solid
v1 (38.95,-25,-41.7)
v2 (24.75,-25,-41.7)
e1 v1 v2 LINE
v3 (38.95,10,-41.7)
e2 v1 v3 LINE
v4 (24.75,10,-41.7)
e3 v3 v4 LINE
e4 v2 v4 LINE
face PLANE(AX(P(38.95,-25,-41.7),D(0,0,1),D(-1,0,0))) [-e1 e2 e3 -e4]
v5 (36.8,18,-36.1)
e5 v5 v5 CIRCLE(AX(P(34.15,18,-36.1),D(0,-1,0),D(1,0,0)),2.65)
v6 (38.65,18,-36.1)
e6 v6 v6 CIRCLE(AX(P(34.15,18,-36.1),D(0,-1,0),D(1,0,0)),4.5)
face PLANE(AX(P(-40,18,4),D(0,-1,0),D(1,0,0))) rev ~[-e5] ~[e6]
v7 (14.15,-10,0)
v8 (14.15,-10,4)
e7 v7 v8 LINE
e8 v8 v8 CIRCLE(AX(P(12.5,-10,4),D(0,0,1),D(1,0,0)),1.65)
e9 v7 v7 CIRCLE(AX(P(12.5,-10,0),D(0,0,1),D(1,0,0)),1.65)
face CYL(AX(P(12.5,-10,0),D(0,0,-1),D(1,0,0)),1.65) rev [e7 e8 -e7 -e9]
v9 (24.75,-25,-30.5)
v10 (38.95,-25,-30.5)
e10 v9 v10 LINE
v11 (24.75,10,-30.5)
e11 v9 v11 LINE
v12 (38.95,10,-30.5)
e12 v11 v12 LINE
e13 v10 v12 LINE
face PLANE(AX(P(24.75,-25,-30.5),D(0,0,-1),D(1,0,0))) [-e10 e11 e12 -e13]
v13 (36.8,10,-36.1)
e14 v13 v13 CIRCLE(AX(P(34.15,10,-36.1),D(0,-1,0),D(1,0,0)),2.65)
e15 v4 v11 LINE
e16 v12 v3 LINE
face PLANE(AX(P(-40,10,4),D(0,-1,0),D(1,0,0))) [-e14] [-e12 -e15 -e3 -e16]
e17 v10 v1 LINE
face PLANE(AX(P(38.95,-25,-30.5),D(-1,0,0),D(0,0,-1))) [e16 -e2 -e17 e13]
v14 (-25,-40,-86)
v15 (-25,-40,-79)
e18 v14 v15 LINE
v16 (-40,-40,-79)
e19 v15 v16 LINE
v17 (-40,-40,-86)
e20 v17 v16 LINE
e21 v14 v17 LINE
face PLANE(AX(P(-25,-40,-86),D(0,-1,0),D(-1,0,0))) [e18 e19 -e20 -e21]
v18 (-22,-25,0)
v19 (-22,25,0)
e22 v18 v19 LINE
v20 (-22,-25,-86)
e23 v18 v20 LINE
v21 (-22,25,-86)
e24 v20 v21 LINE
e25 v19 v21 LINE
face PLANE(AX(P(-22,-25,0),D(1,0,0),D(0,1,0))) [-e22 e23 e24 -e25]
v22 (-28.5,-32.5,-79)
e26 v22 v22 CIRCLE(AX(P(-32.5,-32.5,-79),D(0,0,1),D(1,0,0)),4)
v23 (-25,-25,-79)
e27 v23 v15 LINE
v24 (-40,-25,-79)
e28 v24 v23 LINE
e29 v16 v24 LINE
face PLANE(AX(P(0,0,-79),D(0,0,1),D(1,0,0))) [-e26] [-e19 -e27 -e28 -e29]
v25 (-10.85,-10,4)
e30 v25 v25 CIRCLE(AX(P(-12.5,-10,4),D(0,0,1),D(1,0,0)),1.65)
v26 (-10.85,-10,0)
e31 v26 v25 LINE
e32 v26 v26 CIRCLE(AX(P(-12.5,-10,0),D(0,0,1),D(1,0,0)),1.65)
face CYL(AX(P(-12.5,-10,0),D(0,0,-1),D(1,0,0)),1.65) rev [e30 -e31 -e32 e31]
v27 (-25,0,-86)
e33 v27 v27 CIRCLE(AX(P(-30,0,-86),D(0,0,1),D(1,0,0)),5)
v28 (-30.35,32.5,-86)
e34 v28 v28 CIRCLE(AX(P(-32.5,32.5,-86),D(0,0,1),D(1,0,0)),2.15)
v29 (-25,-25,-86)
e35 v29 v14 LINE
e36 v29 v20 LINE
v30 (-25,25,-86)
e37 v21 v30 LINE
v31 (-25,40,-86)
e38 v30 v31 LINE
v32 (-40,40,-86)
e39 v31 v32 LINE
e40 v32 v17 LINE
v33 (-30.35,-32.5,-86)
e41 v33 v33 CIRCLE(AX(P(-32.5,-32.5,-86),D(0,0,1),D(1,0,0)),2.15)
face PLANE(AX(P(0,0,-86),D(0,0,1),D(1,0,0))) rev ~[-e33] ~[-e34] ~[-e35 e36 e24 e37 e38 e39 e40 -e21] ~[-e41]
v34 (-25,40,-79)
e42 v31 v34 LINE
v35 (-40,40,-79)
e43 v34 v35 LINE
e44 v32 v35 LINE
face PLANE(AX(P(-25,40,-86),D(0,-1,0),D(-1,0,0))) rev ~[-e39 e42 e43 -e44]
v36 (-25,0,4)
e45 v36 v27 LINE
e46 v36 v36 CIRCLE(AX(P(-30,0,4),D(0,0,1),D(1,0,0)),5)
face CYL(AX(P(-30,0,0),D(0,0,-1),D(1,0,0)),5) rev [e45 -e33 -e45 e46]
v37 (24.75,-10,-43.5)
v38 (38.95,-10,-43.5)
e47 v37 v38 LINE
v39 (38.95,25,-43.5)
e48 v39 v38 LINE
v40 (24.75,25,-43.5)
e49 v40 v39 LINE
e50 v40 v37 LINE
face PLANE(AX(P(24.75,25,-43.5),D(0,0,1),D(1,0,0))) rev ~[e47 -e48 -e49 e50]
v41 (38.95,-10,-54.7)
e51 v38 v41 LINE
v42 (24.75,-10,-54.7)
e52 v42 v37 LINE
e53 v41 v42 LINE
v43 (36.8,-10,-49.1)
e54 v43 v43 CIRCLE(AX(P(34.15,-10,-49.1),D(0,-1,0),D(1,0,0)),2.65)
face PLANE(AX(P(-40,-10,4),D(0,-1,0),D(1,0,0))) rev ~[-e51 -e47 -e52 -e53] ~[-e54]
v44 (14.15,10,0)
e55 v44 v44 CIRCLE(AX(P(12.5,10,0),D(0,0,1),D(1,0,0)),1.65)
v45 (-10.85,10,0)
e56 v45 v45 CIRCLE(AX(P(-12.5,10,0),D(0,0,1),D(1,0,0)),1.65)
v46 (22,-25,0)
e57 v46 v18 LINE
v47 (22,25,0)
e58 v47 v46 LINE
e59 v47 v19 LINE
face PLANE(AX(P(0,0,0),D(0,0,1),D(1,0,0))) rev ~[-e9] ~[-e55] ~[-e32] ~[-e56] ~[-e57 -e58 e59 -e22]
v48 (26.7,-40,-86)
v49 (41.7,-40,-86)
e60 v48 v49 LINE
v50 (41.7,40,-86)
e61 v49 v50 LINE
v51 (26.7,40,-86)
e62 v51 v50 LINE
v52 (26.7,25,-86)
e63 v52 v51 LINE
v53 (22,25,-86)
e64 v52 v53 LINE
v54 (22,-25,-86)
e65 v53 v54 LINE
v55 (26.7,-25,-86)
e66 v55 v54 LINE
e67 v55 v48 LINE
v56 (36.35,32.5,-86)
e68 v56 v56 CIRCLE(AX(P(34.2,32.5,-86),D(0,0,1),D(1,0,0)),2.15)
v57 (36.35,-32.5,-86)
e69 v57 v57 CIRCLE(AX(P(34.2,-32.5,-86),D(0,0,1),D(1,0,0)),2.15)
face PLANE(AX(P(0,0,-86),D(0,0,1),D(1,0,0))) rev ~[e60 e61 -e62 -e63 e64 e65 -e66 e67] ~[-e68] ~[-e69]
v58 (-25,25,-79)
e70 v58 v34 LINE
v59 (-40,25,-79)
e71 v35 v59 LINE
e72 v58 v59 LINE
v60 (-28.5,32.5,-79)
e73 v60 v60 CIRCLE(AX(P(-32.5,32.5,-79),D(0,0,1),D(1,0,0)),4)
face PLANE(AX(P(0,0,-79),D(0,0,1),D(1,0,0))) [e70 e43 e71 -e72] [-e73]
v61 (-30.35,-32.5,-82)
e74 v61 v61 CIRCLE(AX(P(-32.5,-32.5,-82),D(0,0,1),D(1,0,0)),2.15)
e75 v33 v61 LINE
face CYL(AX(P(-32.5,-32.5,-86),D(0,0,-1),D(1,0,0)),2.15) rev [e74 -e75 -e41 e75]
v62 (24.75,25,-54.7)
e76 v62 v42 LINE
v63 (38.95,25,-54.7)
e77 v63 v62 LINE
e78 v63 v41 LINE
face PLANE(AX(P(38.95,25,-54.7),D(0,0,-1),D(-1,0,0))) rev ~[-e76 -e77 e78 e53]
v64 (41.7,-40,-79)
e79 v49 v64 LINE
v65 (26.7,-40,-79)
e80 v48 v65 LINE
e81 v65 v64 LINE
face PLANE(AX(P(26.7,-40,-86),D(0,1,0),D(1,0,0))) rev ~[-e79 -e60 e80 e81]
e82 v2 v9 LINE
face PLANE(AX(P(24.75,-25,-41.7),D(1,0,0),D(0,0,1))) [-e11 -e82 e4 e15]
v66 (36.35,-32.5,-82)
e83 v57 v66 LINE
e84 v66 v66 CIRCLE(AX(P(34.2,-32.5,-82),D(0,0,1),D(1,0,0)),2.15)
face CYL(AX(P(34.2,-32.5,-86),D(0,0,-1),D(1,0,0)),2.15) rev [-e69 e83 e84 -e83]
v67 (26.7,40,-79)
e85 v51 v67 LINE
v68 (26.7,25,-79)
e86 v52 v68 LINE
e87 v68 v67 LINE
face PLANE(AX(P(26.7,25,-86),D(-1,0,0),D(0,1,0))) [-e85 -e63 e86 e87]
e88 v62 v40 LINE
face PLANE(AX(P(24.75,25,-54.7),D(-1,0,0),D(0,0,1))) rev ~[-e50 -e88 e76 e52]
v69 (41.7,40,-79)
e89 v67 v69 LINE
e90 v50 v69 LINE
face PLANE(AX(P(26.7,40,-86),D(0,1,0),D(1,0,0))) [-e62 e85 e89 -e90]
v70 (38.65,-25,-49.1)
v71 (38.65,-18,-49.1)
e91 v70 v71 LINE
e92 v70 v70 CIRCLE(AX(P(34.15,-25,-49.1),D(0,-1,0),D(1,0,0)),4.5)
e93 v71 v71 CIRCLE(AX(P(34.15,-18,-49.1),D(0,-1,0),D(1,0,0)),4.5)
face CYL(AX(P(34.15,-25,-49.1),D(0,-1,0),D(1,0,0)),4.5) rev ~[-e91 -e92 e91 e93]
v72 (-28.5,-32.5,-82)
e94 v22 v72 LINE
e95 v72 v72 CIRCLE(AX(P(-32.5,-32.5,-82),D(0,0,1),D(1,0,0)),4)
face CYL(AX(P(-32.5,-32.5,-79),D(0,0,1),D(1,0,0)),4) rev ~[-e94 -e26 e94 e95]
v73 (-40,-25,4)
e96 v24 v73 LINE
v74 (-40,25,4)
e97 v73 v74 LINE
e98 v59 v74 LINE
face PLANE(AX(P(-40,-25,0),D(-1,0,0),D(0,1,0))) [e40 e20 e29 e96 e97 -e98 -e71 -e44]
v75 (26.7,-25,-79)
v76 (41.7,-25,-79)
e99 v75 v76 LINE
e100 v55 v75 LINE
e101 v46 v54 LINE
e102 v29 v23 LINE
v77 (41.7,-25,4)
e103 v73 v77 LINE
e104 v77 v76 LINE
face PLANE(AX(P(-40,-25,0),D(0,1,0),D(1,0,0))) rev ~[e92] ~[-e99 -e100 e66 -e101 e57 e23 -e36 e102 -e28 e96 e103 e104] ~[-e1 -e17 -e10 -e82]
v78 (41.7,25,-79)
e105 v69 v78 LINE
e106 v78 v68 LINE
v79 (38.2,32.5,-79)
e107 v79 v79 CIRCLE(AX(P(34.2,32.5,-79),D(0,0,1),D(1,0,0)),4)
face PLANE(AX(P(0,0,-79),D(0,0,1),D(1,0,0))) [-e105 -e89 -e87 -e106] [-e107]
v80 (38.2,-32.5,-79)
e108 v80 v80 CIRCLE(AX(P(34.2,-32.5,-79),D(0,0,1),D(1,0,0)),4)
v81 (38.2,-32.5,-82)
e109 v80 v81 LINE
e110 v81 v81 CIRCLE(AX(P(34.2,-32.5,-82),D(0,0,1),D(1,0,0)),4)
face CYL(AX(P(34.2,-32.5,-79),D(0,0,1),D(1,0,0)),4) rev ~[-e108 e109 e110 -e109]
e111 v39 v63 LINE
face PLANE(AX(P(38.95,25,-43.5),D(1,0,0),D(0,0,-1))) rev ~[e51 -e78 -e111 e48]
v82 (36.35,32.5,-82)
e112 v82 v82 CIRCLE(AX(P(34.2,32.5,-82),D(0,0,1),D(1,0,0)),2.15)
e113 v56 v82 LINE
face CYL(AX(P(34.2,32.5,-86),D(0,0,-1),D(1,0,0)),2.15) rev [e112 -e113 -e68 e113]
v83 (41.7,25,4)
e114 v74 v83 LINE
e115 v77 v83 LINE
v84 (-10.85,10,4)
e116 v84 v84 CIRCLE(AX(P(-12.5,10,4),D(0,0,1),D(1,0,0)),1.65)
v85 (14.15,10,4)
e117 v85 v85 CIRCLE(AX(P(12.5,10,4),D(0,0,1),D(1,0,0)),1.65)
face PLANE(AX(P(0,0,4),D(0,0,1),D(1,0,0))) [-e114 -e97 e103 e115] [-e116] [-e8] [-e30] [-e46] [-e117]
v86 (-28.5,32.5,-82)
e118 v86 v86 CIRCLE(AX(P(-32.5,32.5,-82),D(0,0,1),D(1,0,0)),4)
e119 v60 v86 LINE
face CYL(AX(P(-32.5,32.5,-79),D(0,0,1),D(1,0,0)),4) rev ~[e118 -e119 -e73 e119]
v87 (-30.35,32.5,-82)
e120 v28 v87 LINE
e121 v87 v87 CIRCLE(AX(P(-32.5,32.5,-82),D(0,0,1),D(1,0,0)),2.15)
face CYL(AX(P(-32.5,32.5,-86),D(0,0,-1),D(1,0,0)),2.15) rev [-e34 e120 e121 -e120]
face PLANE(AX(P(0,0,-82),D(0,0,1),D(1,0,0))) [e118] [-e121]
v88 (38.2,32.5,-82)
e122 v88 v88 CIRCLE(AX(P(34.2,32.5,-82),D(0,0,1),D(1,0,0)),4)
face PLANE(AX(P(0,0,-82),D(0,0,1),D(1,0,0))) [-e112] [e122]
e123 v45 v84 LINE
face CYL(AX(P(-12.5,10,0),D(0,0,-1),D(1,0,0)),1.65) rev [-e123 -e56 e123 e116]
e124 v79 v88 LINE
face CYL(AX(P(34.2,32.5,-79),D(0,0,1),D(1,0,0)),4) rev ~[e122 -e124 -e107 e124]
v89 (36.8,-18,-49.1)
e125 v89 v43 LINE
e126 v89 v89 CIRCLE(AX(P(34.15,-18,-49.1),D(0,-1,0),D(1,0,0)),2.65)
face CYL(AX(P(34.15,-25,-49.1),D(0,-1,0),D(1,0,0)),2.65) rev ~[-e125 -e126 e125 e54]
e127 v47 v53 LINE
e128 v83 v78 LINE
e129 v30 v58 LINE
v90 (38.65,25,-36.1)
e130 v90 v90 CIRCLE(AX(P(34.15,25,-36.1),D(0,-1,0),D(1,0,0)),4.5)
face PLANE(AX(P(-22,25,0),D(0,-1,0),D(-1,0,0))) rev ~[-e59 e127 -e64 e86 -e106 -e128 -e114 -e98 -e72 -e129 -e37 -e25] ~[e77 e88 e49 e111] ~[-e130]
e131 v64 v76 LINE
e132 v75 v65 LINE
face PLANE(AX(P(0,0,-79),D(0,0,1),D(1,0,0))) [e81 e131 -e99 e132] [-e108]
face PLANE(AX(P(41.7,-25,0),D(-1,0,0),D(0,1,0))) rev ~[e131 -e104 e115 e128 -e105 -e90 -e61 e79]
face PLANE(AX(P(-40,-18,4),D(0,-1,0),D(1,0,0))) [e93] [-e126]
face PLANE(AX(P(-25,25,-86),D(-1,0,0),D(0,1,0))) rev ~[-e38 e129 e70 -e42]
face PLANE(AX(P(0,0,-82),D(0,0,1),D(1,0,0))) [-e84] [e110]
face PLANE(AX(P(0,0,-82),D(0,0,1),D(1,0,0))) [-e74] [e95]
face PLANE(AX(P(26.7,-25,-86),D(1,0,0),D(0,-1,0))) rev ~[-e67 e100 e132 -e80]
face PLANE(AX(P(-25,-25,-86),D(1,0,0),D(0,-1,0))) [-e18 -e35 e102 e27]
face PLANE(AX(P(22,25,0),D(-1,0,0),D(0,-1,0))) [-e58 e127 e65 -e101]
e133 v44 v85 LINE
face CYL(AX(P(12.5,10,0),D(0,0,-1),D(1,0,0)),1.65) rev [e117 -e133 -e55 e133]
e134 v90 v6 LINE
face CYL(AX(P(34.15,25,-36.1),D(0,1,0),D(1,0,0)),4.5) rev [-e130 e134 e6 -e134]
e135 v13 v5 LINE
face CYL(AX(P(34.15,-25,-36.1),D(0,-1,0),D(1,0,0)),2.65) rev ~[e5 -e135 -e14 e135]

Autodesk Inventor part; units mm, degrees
sketch "S-ProbeHead-BaseSkizze" plane through (0, 0, 0) normal (0, 0, 1) x (1, 0, 0)
  line L0 (-40, 40) -> (40, 40)
  line L1 (40, 40) -> (40, -40)
  line L2 (40, -40) -> (-40, -40)
  line L3 (-40, -40) -> (-40, 40)
  line L4 (-40, 40) -> (40, -40) construction
  line L5 (40, 40) -> (-40, -40) construction
  line L6 (-56.34, 0) -> (58.04, 0) construction
  circle A0 centre (-30, 0) radius 5
  line L7 (0, 83.0683) -> (0, -88.0384) construction
  line L8 (-7.5, 58.6245) -> (-7.5, -60.8735) construction
  line L9 (-16, 21) -> (16, 21) construction
  line L10 (16, 21) -> (16, -21) construction
  line L11 (16, -21) -> (-16, -21) construction
  line L12 (-16, -21) -> (-16, 21) construction
  line L13 (-16, 21) -> (16, -21) construction
  line L14 (16, 21) -> (-16, -21) construction
  circle A1 centre (-12.5, -10) radius 1.65
  circle A2 centre (-12.5, 10) radius 1.65
  circle A3 centre (12.5, -10) radius 1.65
  circle A4 centre (12.5, 10) radius 1.65
  line L15 (-20, 57.6709) -> (-20, -63.5946)
  line L16 (7.5, 58.6245) -> (7.5, -60.8735) construction
  line L17 (20, 57.6709) -> (20, -63.5946)
  line L18 (41.7, 25) -> (-40, 25)
  line L19 (-40, 25) -> (-40, -25)
  line L20 (-40, -25) -> (41.7, -25)
  line L21 (41.7, -25) -> (41.7, 25)
  line L22 (22, 25) -> (22, -25)
  line L23 (-22, -25) -> (-22, 25)
  point P0 (0, 0)
  point P1 (41.7, 0)
  dimension "d1" = 80
  dimension "d2" = 80
  dimension "d4" = 10
  dimension "d6" = 30
  dimension "d20" = 7.5
  dimension "d21" = 32
  dimension "d22" = 42
  dimension "d23" = 3.3
  dimension "d24" = 10
  dimension "d25" = 12.5
  dimension "d26" = 20
  dimension "d27" = 50
  dimension "d30" = 20
  dimension "d31" = 21.7
  dimension "d32" = 2
  dimension "d37" = 2
extrude "BasePlate" add sketch "S-ProbeHead-BaseSkizze" along normal blind 4 contours L18 L23 L20 L3 | L18 L17 L20 L15 | L15 L20 L23 L18 | L18 L22 L20 L17 | L18 L21 L20 L1 | L1 L20 L22 L18
ref_plane "Endfläche-ProbeHeadarme" through (0, 0, -86) normal (0, 0, 1) x (1, 0, 0)
ref_plane "ProfilDownside" through (0, 0, -56) normal (0, 0, 1) x (1, 0, 0)
extrude "Arms" add sketch "S-ProbeHead-BaseSkizze" against normal up to surface (86 mm away) contours L18 L23 L20 L3 | L18 L21 L20 L1 | L1 L20 L22 L18
ref_plane "Z-UpperBelt" through (0, 0, -36.1) normal (0, 0, 1) x (1, 0, 0)
ref_plane "Z-LowerBelt" through (0, 0, -49.1) normal (0, 0, 1) x (1, 0, 0)
ref_plane "X-Belts" through (26.75, 0, 0) normal (1, 0, 0) x (0, 1, 0)
sketch "S-Tensioners" plane through (-40, -25, 4) normal (0, -1, 0) x (1, 0, 0)
  line L0 (64.75, -47.5) -> (78.95, -47.5)
  line L1 (78.95, -47.5) -> (78.95, -58.7)
  line L2 (78.95, -58.7) -> (64.75, -58.7)
  line L3 (64.75, -58.7) -> (64.75, -47.5)
  line L4 (64.75, -47.5) -> (78.95, -58.7) construction
  line L5 (78.95, -47.5) -> (64.75, -58.7) construction
  line L6 (71.85, -74) -> (71.85, 12.5724) construction
  line L7 (-16.34, -40.1) -> (98.04, -40.1) construction
  line L8 (-16.34, -53.1) -> (98.04, -53.1) construction
  circle A0 centre (74.15, -53.1) radius 2.65
  line L9 (64.75, -34.5) -> (78.95, -34.5)
  line L10 (78.95, -34.5) -> (78.95, -45.7)
  line L11 (78.95, -45.7) -> (64.75, -45.7)
  line L12 (64.75, -45.7) -> (64.75, -34.5)
  line L13 (64.75, -34.5) -> (78.95, -45.7) construction
  line L14 (78.95, -34.5) -> (64.75, -45.7) construction
  circle A1 centre (74.15, -40.1) radius 2.65
  circle A2 centre (74.15, -40.1) radius 4.5
  circle A3 centre (74.15, -53.1) radius 4.5
  line L15 (66.75, 33.0869) -> (66.75, -110.5145) construction
  point P0 (40, -4)
  point P1 (78.95, -40.1)
  point P2 (78.95, -53.1)
  dimension "d38" = 14.2
  dimension "d39" = 11.2
  dimension "d42" = 5.3
  dimension "d43" = 14.2
  dimension "d44" = 11.2
  dimension "d45" = 5.3
  dimension "d53" = 4.8
  dimension "d54" = 4.8
  dimension "d55" = 9
  dimension "d56" = 9
  dimension "d58" = 7.4
  dimension "d59" = 7.4
extrude "Ex-Tensioners1-Holes" cut sketch "S-Tensioners" against normal blind 50 contours A0 | A1
extrude "Ex-Tensioners2-SlideVolume" cut sketch "S-Tensioners" along normal blind 35 from surface at -50 contours L0 L1 L2 L3 | A3
extrude "Ex-Tensioners3-SlideVolume" cut sketch "S-Tensioners" against normal blind 35 contours L9 L10 L11 L12 | A2
extrude "Ex-Tensioners4-SrewHead" cut sketch "S-Tensioners" against normal blind 7 contours A3
extrude "Ex-Tensioners5-SrewHead" cut sketch "S-Tensioners" along normal blind 7 from surface at -50 contours A2
sketch "S-Anschraubpunkte-ProbeAntenna" plane through (0, 0, -86) normal (0, 0, 1) x (1, 0, 0)
  line L0 (-56.34, 0) -> (58.04, 0) construction
  line L1 (0, 35) -> (0, -35) construction
  line L2 (41.7, 25) -> (-40, 25) projected
  line L3 (41.7, -25) -> (41.7, 25) projected
  line L4 (-40, -25) -> (41.7, -25) projected
  line L5 (-40, 25) -> (-40, -25) projected
  line L6 (41.7, 25) -> (26.7, 25)
  line L7 (26.7, 25) -> (26.7, 40)
  line L8 (26.7, 40) -> (41.7, 40)
  line L9 (41.7, 40) -> (41.7, 25)
  line L10 (22, -25) -> (22, 25) projected
  line L11 (22, 25) -> (22, -25) projected
  line L12 (-22, 25) -> (-22, -25) projected
  line L13 (-22, -25) -> (-22, 25) projected
  line L14 (41.7, 32.5) -> (26.7, 32.5) construction
  line L15 (34.2, 40) -> (34.2, 25) construction
  circle A0 centre (34.2, 32.5) radius 2.15
  circle A1 centre (34.2, 32.5) radius 4
  line L16 (0.85, 53.9557) -> (0.85, -47.9335) construction
  line L17 (-40, 25) -> (-25, 25)
  line L18 (-25, 25) -> (-25, 40)
  line L19 (-25, 40) -> (-40, 40)
  line L20 (-40, 40) -> (-40, 25)
  circle A2 centre (-32.5, 32.5) radius 2.15
  circle A3 centre (-32.5, 32.5) radius 4
  line L21 (41.7, -25) -> (26.7, -25)
  line L22 (26.7, -25) -> (26.7, -40)
  line L23 (26.7, -40) -> (41.7, -40)
  line L24 (41.7, -40) -> (41.7, -25)
  circle A4 centre (34.2, -32.5) radius 2.15
  circle A5 centre (34.2, -32.5) radius 4
  line L25 (-40, -40) -> (-40, -25)
  line L26 (-25, -40) -> (-40, -40)
  line L27 (-40, -25) -> (-25, -25)
  line L28 (-25, -25) -> (-25, -40)
  circle A6 centre (-32.5, -32.5) radius 4
  circle A7 centre (-32.5, -32.5) radius 2.15
  point P0 (0, 0)
  dimension "d67" = 15
  dimension "d68" = 15
  dimension "d69" = 4.3
  dimension "d70" = 8
  dimension "d71" = 81.7
  dimension "d72" = 40.85
  dimension "d75" = 65
  dimension "d76" = 66.7
extrude "Ex-Anschraubpunkte-M4" add sketch "S-Anschraubpunkte-ProbeAntenna" along normal blind 7 contours L2 L7 L8 L9 | L24 L23 L22 L4 | L2 L20 L19 L18 | L28 L26 L25 L4 | A1 | A3 | A5 | A6
extrude "Ex-Anschraubpunkt-M4-ScrewHead" cut sketch "S-Anschraubpunkte-ProbeAntenna" against normal blind 3 from surface at 7 contours A1 | A3 | A5 | A6
ref_plane "ProfilTopSide" through (0, 0, -16) normal (0, 0, 1) x (1, 0, 0)
equation "\"d43\" = d38"
equation "\"d44\" = d39"
equation "\"d45\" = d42"
equation "\"d53\" = d54"
equation "\"d55\" = d56"
equation "\"d58\" = d59"
equation "\"d72\" = 0.5 * d71"
properties part number "ProbeHead-BaseBody V1"
